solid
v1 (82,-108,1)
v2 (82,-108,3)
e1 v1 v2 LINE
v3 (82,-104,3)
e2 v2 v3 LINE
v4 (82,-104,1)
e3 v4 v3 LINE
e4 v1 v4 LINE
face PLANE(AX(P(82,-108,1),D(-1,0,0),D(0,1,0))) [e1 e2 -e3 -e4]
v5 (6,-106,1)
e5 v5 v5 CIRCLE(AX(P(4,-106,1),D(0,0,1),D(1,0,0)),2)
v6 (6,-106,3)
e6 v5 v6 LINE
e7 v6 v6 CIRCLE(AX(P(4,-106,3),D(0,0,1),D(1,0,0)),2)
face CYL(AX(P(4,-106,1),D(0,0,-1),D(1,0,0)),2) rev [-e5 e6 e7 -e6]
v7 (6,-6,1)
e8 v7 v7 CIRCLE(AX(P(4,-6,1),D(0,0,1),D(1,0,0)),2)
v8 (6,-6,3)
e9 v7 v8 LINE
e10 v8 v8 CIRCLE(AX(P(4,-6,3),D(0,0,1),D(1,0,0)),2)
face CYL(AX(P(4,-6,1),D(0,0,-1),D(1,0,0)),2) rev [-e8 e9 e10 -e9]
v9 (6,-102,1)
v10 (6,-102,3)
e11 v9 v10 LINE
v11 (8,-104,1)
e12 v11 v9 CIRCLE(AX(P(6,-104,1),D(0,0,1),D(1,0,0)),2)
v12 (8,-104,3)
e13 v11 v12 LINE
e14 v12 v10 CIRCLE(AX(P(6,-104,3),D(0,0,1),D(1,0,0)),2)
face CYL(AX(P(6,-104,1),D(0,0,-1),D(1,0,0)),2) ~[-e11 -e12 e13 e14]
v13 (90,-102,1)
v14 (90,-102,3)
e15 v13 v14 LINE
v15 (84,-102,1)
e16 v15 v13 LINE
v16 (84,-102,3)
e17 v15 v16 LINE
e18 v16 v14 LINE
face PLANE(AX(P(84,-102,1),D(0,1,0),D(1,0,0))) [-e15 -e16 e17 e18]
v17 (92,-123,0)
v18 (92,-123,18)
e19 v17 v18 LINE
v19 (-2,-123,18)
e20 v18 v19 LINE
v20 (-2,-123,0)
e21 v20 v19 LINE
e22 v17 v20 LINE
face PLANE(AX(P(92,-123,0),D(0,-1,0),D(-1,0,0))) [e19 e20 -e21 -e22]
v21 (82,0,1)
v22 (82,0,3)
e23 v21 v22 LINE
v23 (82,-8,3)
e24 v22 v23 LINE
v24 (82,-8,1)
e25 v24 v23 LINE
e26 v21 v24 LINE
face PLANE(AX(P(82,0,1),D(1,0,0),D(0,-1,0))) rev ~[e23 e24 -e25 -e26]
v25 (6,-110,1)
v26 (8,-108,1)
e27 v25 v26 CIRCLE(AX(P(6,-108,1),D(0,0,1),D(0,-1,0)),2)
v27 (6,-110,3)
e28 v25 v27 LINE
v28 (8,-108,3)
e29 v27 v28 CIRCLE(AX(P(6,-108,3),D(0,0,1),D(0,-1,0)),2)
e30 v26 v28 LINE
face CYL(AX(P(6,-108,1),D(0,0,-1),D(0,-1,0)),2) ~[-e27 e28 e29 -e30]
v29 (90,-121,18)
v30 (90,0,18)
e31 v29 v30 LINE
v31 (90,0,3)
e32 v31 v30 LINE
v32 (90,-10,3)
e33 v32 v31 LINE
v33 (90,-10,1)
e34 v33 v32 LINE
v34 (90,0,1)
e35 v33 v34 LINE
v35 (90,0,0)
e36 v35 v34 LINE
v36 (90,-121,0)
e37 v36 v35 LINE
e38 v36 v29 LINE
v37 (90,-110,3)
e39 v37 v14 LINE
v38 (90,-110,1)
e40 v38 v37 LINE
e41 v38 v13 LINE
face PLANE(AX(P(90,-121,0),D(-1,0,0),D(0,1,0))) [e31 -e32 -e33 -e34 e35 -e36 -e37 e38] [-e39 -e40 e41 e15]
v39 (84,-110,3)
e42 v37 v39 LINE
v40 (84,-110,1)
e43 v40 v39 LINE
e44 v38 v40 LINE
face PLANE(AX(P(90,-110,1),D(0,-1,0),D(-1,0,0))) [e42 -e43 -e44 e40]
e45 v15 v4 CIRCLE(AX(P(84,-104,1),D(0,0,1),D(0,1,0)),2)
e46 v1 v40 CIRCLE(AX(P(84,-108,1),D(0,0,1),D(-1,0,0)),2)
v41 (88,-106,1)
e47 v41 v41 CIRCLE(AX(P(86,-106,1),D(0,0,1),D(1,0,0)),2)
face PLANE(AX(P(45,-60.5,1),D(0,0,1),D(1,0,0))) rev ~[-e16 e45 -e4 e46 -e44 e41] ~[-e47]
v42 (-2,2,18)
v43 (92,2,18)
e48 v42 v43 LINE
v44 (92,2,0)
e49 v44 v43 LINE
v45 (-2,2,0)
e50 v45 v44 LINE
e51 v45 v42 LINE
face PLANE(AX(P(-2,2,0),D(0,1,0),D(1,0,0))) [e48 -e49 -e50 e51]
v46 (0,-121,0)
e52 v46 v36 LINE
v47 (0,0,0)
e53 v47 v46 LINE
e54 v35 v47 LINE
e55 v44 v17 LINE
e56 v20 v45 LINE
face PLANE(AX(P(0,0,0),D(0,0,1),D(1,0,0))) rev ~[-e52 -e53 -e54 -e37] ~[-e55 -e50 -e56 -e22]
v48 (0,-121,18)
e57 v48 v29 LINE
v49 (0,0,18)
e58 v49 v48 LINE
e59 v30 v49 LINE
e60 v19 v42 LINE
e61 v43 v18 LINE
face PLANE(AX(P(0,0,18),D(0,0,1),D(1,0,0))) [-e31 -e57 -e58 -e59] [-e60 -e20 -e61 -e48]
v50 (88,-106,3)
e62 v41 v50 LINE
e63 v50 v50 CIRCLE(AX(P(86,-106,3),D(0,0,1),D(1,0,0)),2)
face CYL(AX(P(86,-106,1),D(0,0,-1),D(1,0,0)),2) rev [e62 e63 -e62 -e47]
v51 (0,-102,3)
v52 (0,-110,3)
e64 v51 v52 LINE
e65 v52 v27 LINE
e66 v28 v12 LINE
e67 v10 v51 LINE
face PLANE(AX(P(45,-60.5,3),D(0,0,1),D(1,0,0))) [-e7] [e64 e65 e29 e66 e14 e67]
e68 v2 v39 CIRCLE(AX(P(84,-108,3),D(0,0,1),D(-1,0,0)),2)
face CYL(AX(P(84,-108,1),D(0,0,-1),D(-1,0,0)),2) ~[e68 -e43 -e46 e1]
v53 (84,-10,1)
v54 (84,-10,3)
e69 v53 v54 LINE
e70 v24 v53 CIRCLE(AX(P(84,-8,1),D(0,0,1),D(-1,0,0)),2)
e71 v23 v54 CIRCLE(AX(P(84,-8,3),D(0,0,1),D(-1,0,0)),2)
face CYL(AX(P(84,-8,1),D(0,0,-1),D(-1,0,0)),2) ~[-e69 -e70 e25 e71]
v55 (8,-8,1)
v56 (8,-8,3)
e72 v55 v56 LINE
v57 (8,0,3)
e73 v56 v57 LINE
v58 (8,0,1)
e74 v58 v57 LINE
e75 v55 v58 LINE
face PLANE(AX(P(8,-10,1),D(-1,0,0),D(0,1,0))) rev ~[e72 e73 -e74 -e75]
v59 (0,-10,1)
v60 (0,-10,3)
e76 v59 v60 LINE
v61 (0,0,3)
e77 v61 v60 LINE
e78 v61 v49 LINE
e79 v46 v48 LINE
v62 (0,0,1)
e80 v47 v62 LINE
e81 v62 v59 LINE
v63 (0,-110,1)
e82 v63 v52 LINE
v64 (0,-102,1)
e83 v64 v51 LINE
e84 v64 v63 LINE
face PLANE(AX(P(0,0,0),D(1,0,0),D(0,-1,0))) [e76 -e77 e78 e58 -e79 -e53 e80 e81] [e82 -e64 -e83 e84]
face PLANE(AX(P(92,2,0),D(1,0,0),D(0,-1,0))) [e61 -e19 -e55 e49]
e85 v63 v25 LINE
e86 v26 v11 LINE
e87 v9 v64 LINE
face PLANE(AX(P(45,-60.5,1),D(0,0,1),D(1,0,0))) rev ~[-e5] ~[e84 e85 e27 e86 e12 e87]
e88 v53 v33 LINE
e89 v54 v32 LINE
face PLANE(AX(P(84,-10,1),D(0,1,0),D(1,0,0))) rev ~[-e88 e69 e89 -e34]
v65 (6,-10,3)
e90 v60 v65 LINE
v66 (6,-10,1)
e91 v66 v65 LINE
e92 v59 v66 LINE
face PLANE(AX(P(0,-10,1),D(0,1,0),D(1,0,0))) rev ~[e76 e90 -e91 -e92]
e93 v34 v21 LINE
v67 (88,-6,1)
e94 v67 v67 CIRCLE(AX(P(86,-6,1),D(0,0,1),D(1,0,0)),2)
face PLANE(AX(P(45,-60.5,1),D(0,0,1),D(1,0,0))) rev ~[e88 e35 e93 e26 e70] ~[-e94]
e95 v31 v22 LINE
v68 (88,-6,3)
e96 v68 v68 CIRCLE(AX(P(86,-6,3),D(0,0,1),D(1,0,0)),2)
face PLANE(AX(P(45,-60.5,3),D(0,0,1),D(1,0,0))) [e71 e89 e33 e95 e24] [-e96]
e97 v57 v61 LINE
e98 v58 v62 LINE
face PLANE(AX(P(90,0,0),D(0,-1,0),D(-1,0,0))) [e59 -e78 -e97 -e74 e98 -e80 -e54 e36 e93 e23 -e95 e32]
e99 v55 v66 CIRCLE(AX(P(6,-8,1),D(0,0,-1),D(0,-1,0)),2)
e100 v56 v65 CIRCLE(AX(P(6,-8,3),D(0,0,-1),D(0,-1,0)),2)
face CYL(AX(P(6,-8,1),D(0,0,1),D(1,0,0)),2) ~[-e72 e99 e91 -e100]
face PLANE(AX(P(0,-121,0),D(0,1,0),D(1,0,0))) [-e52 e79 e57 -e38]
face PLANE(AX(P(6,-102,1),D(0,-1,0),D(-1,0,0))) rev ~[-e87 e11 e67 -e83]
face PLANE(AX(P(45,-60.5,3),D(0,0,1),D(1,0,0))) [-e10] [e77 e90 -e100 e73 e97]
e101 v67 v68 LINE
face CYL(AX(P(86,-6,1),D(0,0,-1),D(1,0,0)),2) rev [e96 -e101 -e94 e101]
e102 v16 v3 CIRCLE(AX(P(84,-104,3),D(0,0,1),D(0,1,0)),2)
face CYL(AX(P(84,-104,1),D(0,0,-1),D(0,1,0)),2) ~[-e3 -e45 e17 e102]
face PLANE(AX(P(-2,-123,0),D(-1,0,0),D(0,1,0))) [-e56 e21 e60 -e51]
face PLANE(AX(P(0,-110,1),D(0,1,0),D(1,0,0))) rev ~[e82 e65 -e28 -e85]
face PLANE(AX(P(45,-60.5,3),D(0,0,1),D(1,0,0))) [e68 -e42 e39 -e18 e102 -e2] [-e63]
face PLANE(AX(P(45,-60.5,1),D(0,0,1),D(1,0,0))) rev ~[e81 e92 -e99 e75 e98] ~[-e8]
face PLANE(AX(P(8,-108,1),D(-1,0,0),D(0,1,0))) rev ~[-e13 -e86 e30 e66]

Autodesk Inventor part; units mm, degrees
ref_plane "YZ Plane" through (0, 0, 0) normal (1, 0, 0) x (0, 1, 0)
ref_plane "XZ Plane" through (0, 0, 0) normal (0, 1, 0) x (-1, 0, 0)
ref_plane "XY Plane" through (0, 0, 0) normal (0, 0, 1) x (1, 0, 0)
sketch "Schizzo1" plane through (0, 0, 0) normal (0, 0, 1) x (1, 0, 0)
  point P0 (0, 0)
sketch "Schizzo2" plane through (0, 0, 0) normal (0, 0, 1) x (1, 0, 0)
  line L0 (0, -121) -> (90, -121) projected
  line L1 (90, -121) -> (90, 0) projected
  line L2 (0, 0) -> (0, -121) projected
  line L3 (90, 0) -> (0, 0) projected
  circle A0 centre (86, -106) radius 2 projected
  circle A1 centre (4, -106) radius 2 projected
  circle A2 centre (4, -6) radius 2 projected
  circle A3 centre (86, -6) radius 2 projected
  line L4 (92, 2) -> (92, -123)
  line L5 (92, -123) -> (-2, -123)
  line L6 (-2, -123) -> (-2, 2)
  line L7 (-2, 2) -> (92, 2)
  dimension "d0" = 2
extrude "Estrusione1" add sketch "Schizzo2" along normal blind 18 contours L4 L5 L6 L7
ref_plane "Piano di lavoro1" through (45, -60.5, 1) normal (0, 0, 1) x (1, 0, 0)
sketch "Schizzo3" plane through (45, -60.5, 1) normal (0, 0, 1) x (1, 0, 0)
  circle A0 centre (41, -45.5) radius 2 projected
  circle A1 centre (-41, -45.5) radius 2 projected
  circle A2 centre (41, 54.5) radius 2 projected
  circle A3 centre (-41, 54.5) radius 2 projected
  line L0 (45, -60.5) -> (45, 60.5) projected
  line L1 (45, 60.5) -> (-45, 60.5) projected
  line L2 (-45, -60.5) -> (45, -60.5) projected
  line L3 (-45, 60.5) -> (-45, -60.5) projected
  line L4 (-45, -60.5) -> (-45, 60.5) projected
  line L5 (-39, -41.5) -> (-45, -41.5)
  line L6 (-45, -41.5) -> (-45, -49.5)
  line L7 (-45, -49.5) -> (-39, -49.5)
  line L8 (-37, -47.5) -> (-37, -43.5)
  arc A4 (-37, -43.5) -> (-39, -41.5) centre (-39, -43.5) ccw
  arc A5 (-39, -49.5) -> (-37, -47.5) centre (-39, -47.5) ccw
  line L9 (39, -41.5) -> (45, -41.5)
  line L10 (45, -41.5) -> (45, -49.5)
  line L11 (45, -49.5) -> (39, -49.5)
  line L12 (37, -47.5) -> (37, -43.5)
  arc A6 (37, -47.5) -> (39, -49.5) centre (39, -47.5) ccw
  arc A7 (39, -41.5) -> (37, -43.5) centre (39, -43.5) ccw
  line L13 (37, 60.5) -> (37, 52.5)
  line L14 (39, 50.5) -> (45, 50.5)
  line L15 (45, 50.5) -> (45, 60.5)
  arc A8 (37, 52.5) -> (39, 50.5) centre (39, 52.5) ccw
  line L16 (-45, 60.5) -> (-45, 50.5)
  line L17 (-45, 50.5) -> (-37, 50.5)
  line L18 (-37, 50.5) -> (-37, 60.5)
  point P0 (-45, -41.5)
  point P1 (-45, -49.5)
  point P2 (45, 50.5)
extrude "Estrusione2" add sketch "Schizzo3" along normal blind 2 contours L11 A6 L12 A7 L9 L0 | L3 L5 A4 L8 A5 L7 | L14 A8 L13 L1 L0 | L3 L1 L18 L17
fillet "Raccordo1" radius 2 1 edges at (8, -10, 2)
properties part number "Struttura" material "Plastica ABS"
